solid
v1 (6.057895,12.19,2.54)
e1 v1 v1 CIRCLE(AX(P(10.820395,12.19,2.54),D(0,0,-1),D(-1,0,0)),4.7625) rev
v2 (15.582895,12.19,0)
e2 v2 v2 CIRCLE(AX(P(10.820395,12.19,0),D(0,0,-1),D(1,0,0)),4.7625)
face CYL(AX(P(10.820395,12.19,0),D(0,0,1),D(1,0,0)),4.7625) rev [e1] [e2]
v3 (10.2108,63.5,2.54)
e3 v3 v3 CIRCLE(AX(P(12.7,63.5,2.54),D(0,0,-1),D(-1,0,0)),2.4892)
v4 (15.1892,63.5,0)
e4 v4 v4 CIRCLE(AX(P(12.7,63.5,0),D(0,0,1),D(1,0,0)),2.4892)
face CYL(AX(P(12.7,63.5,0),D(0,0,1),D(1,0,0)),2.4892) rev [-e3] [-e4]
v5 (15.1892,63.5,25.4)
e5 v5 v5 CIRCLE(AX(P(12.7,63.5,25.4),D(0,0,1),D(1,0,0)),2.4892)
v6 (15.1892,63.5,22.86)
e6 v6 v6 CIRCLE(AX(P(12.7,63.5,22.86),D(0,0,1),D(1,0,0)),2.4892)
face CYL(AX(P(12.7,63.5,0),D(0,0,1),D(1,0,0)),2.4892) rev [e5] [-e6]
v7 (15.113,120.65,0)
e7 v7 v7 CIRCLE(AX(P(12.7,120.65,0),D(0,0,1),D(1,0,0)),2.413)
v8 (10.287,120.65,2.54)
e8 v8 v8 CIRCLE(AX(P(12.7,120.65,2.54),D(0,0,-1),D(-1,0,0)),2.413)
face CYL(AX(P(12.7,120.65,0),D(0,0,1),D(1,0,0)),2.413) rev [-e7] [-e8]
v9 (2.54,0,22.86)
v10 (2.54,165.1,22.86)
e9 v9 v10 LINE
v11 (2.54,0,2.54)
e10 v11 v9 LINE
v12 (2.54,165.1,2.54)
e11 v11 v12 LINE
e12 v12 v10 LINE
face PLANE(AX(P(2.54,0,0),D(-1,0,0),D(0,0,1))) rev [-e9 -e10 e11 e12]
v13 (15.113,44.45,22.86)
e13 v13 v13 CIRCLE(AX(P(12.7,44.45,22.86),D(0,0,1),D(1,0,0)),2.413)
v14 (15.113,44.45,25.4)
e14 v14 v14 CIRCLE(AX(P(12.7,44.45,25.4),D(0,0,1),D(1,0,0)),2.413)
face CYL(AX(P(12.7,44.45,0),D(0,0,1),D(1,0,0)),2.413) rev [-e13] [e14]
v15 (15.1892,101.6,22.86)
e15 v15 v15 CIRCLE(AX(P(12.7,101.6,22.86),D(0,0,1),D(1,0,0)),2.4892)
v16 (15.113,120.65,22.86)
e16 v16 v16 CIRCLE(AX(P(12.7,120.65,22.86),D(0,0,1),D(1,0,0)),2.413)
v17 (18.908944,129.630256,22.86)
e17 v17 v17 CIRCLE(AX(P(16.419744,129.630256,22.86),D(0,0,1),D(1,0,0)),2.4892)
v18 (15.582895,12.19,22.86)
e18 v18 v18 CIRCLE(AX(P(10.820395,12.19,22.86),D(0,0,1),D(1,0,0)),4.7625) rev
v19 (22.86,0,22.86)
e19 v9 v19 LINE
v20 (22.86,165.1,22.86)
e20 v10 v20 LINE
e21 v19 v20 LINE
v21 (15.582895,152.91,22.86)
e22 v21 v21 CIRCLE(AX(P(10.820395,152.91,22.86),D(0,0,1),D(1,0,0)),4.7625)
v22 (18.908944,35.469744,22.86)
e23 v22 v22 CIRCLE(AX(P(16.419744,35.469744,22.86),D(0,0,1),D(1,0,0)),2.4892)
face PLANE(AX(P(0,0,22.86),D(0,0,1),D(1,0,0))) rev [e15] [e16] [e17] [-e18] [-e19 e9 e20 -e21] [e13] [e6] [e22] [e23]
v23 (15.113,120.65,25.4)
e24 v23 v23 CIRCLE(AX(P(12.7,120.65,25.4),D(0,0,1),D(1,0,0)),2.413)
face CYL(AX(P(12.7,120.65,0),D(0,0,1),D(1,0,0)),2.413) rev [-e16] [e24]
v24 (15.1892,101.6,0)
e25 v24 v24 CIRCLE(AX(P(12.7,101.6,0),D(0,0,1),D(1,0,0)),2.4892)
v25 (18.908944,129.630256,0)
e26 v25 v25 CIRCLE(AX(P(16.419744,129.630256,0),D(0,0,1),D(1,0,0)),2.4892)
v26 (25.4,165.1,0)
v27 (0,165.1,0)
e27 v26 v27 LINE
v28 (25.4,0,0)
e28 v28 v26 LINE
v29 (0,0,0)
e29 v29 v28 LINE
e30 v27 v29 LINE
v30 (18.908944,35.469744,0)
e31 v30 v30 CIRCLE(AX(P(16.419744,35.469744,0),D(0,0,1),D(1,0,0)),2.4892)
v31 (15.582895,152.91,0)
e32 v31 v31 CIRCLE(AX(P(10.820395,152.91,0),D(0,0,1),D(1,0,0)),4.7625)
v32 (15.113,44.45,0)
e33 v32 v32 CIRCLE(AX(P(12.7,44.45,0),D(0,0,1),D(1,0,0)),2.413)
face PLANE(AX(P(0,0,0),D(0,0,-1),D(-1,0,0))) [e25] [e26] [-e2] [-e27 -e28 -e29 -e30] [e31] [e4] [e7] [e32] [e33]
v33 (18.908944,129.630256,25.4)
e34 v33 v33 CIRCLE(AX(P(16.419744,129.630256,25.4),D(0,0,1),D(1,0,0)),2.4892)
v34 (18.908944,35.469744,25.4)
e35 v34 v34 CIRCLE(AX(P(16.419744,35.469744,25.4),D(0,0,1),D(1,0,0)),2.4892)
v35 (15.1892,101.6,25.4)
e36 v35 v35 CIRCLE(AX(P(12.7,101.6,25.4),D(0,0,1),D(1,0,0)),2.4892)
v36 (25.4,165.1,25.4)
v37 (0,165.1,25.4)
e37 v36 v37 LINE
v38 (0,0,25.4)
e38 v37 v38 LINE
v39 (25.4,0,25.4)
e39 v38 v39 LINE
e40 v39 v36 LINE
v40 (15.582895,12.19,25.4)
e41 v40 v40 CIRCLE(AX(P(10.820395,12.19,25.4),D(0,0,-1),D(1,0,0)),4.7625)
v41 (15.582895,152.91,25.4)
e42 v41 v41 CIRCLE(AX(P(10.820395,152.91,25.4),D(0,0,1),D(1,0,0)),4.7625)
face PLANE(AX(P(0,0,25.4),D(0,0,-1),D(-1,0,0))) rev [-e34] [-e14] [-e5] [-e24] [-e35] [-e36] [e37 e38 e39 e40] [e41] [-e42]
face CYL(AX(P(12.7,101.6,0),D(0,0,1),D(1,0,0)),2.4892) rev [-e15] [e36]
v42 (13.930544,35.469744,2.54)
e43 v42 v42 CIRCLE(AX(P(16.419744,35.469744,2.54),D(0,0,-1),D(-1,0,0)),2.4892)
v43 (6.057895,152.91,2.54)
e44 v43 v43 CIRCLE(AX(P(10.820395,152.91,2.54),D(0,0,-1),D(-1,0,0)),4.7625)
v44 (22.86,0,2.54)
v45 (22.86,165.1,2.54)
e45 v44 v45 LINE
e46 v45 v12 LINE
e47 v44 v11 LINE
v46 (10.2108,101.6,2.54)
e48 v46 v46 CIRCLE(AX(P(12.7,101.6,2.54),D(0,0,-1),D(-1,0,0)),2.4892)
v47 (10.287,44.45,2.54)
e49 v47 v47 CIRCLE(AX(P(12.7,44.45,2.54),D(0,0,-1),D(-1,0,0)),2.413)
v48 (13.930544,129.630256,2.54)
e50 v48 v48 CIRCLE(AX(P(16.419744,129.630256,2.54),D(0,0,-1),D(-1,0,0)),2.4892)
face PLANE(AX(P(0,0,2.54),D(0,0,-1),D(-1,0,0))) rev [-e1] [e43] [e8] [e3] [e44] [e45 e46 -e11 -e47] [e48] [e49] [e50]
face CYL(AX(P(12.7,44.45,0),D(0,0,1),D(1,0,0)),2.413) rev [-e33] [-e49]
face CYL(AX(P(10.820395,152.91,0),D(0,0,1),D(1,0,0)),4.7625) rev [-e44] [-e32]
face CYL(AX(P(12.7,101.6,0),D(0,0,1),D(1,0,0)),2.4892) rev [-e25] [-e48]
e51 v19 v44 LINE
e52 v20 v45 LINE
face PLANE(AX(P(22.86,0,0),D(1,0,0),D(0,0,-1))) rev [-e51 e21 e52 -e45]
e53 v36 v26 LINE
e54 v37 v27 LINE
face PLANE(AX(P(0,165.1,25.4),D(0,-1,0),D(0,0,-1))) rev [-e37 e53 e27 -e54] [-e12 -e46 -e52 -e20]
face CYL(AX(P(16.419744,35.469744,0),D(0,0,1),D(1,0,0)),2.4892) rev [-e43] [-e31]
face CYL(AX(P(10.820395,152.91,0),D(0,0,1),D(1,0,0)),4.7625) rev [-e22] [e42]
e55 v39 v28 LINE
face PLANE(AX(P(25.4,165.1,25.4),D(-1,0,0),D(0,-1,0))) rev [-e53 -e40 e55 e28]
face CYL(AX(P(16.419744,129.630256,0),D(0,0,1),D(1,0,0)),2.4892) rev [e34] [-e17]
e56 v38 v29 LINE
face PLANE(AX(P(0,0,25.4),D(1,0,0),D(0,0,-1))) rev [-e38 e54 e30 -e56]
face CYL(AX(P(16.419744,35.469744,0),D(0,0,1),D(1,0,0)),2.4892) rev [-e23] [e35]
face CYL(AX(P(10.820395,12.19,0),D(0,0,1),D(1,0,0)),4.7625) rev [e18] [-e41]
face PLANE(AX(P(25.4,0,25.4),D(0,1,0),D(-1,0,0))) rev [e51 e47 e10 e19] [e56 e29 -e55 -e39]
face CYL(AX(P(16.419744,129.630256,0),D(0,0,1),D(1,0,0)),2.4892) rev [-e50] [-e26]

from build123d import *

# Parameters (mm, degrees)
SKETCH1_W           = 25.4
SKETCH1_H           = 165.1
BOSS_EXTRUDE1_DEPTH = 25.4
SKETCH2_W           = 20.32
SKETCH2_H           = 20.32
CUT_EXTRUDE1_DEPTH  = 166.1
SKETCH4_R           = 4.7625
CUT_EXTRUDE2_DEPTH  = 26.4
SKETCH8_R           = 2.4892
SKETCH8_R_2         = 2.413
CUT_EXTRUDE4_DEPTH  = 26.4


with BuildPart() as part:
    # Sketch1 → Boss-Extrude1 (new body)
    with BuildSketch(Plane.XY):
        with Locations((12.7, 82.55)):
            Rectangle(SKETCH1_W, SKETCH1_H)
    extrude(amount=BOSS_EXTRUDE1_DEPTH)

    # Sketch2 → Cut-Extrude1 (cut, through all)
    with BuildSketch(Plane(origin=(0, 165.1, 0), x_dir=(1, 0, 0), z_dir=(0, 1, 0))):
        with Locations((12.7, -12.7)):
            Rectangle(SKETCH2_W, SKETCH2_H)
    extrude(amount=-CUT_EXTRUDE1_DEPTH, mode=Mode.SUBTRACT)

    # Sketch4 → Cut-Extrude2 (cut, through all)
    with BuildSketch(Plane.XY.offset(25.4)):
        with Locations((10.82039492, 152.91000025)):
            Circle(SKETCH4_R)
    cut_extrude2 = extrude(amount=-CUT_EXTRUDE2_DEPTH, mode=Mode.SUBTRACT)

    # Mirror1: Cut-Extrude2 across plane
    add(cut_extrude2.mirror(Plane.ZX.offset(82.55)), mode=Mode.SUBTRACT)

    # Sketch8 → Cut-Extrude4 (cut, through all)
    with BuildSketch(Plane.XY.offset(25.4)):
        with Locations((12.7, 63.5)):
            Circle(SKETCH8_R)
        with Locations((12.7, 44.45)):
            Circle(SKETCH8_R_2)
        with Locations((16.419743879, 35.469743879)):
            Circle(SKETCH8_R)
        with Locations((12.7, 101.6)):
            Circle(SKETCH8_R)
        with Locations((12.7, 120.65)):
            Circle(SKETCH8_R_2)
        with Locations((16.419743879, 129.630256121)):
            Circle(SKETCH8_R)
    extrude(amount=-CUT_EXTRUDE4_DEPTH, mode=Mode.SUBTRACT)


solid = part.part
